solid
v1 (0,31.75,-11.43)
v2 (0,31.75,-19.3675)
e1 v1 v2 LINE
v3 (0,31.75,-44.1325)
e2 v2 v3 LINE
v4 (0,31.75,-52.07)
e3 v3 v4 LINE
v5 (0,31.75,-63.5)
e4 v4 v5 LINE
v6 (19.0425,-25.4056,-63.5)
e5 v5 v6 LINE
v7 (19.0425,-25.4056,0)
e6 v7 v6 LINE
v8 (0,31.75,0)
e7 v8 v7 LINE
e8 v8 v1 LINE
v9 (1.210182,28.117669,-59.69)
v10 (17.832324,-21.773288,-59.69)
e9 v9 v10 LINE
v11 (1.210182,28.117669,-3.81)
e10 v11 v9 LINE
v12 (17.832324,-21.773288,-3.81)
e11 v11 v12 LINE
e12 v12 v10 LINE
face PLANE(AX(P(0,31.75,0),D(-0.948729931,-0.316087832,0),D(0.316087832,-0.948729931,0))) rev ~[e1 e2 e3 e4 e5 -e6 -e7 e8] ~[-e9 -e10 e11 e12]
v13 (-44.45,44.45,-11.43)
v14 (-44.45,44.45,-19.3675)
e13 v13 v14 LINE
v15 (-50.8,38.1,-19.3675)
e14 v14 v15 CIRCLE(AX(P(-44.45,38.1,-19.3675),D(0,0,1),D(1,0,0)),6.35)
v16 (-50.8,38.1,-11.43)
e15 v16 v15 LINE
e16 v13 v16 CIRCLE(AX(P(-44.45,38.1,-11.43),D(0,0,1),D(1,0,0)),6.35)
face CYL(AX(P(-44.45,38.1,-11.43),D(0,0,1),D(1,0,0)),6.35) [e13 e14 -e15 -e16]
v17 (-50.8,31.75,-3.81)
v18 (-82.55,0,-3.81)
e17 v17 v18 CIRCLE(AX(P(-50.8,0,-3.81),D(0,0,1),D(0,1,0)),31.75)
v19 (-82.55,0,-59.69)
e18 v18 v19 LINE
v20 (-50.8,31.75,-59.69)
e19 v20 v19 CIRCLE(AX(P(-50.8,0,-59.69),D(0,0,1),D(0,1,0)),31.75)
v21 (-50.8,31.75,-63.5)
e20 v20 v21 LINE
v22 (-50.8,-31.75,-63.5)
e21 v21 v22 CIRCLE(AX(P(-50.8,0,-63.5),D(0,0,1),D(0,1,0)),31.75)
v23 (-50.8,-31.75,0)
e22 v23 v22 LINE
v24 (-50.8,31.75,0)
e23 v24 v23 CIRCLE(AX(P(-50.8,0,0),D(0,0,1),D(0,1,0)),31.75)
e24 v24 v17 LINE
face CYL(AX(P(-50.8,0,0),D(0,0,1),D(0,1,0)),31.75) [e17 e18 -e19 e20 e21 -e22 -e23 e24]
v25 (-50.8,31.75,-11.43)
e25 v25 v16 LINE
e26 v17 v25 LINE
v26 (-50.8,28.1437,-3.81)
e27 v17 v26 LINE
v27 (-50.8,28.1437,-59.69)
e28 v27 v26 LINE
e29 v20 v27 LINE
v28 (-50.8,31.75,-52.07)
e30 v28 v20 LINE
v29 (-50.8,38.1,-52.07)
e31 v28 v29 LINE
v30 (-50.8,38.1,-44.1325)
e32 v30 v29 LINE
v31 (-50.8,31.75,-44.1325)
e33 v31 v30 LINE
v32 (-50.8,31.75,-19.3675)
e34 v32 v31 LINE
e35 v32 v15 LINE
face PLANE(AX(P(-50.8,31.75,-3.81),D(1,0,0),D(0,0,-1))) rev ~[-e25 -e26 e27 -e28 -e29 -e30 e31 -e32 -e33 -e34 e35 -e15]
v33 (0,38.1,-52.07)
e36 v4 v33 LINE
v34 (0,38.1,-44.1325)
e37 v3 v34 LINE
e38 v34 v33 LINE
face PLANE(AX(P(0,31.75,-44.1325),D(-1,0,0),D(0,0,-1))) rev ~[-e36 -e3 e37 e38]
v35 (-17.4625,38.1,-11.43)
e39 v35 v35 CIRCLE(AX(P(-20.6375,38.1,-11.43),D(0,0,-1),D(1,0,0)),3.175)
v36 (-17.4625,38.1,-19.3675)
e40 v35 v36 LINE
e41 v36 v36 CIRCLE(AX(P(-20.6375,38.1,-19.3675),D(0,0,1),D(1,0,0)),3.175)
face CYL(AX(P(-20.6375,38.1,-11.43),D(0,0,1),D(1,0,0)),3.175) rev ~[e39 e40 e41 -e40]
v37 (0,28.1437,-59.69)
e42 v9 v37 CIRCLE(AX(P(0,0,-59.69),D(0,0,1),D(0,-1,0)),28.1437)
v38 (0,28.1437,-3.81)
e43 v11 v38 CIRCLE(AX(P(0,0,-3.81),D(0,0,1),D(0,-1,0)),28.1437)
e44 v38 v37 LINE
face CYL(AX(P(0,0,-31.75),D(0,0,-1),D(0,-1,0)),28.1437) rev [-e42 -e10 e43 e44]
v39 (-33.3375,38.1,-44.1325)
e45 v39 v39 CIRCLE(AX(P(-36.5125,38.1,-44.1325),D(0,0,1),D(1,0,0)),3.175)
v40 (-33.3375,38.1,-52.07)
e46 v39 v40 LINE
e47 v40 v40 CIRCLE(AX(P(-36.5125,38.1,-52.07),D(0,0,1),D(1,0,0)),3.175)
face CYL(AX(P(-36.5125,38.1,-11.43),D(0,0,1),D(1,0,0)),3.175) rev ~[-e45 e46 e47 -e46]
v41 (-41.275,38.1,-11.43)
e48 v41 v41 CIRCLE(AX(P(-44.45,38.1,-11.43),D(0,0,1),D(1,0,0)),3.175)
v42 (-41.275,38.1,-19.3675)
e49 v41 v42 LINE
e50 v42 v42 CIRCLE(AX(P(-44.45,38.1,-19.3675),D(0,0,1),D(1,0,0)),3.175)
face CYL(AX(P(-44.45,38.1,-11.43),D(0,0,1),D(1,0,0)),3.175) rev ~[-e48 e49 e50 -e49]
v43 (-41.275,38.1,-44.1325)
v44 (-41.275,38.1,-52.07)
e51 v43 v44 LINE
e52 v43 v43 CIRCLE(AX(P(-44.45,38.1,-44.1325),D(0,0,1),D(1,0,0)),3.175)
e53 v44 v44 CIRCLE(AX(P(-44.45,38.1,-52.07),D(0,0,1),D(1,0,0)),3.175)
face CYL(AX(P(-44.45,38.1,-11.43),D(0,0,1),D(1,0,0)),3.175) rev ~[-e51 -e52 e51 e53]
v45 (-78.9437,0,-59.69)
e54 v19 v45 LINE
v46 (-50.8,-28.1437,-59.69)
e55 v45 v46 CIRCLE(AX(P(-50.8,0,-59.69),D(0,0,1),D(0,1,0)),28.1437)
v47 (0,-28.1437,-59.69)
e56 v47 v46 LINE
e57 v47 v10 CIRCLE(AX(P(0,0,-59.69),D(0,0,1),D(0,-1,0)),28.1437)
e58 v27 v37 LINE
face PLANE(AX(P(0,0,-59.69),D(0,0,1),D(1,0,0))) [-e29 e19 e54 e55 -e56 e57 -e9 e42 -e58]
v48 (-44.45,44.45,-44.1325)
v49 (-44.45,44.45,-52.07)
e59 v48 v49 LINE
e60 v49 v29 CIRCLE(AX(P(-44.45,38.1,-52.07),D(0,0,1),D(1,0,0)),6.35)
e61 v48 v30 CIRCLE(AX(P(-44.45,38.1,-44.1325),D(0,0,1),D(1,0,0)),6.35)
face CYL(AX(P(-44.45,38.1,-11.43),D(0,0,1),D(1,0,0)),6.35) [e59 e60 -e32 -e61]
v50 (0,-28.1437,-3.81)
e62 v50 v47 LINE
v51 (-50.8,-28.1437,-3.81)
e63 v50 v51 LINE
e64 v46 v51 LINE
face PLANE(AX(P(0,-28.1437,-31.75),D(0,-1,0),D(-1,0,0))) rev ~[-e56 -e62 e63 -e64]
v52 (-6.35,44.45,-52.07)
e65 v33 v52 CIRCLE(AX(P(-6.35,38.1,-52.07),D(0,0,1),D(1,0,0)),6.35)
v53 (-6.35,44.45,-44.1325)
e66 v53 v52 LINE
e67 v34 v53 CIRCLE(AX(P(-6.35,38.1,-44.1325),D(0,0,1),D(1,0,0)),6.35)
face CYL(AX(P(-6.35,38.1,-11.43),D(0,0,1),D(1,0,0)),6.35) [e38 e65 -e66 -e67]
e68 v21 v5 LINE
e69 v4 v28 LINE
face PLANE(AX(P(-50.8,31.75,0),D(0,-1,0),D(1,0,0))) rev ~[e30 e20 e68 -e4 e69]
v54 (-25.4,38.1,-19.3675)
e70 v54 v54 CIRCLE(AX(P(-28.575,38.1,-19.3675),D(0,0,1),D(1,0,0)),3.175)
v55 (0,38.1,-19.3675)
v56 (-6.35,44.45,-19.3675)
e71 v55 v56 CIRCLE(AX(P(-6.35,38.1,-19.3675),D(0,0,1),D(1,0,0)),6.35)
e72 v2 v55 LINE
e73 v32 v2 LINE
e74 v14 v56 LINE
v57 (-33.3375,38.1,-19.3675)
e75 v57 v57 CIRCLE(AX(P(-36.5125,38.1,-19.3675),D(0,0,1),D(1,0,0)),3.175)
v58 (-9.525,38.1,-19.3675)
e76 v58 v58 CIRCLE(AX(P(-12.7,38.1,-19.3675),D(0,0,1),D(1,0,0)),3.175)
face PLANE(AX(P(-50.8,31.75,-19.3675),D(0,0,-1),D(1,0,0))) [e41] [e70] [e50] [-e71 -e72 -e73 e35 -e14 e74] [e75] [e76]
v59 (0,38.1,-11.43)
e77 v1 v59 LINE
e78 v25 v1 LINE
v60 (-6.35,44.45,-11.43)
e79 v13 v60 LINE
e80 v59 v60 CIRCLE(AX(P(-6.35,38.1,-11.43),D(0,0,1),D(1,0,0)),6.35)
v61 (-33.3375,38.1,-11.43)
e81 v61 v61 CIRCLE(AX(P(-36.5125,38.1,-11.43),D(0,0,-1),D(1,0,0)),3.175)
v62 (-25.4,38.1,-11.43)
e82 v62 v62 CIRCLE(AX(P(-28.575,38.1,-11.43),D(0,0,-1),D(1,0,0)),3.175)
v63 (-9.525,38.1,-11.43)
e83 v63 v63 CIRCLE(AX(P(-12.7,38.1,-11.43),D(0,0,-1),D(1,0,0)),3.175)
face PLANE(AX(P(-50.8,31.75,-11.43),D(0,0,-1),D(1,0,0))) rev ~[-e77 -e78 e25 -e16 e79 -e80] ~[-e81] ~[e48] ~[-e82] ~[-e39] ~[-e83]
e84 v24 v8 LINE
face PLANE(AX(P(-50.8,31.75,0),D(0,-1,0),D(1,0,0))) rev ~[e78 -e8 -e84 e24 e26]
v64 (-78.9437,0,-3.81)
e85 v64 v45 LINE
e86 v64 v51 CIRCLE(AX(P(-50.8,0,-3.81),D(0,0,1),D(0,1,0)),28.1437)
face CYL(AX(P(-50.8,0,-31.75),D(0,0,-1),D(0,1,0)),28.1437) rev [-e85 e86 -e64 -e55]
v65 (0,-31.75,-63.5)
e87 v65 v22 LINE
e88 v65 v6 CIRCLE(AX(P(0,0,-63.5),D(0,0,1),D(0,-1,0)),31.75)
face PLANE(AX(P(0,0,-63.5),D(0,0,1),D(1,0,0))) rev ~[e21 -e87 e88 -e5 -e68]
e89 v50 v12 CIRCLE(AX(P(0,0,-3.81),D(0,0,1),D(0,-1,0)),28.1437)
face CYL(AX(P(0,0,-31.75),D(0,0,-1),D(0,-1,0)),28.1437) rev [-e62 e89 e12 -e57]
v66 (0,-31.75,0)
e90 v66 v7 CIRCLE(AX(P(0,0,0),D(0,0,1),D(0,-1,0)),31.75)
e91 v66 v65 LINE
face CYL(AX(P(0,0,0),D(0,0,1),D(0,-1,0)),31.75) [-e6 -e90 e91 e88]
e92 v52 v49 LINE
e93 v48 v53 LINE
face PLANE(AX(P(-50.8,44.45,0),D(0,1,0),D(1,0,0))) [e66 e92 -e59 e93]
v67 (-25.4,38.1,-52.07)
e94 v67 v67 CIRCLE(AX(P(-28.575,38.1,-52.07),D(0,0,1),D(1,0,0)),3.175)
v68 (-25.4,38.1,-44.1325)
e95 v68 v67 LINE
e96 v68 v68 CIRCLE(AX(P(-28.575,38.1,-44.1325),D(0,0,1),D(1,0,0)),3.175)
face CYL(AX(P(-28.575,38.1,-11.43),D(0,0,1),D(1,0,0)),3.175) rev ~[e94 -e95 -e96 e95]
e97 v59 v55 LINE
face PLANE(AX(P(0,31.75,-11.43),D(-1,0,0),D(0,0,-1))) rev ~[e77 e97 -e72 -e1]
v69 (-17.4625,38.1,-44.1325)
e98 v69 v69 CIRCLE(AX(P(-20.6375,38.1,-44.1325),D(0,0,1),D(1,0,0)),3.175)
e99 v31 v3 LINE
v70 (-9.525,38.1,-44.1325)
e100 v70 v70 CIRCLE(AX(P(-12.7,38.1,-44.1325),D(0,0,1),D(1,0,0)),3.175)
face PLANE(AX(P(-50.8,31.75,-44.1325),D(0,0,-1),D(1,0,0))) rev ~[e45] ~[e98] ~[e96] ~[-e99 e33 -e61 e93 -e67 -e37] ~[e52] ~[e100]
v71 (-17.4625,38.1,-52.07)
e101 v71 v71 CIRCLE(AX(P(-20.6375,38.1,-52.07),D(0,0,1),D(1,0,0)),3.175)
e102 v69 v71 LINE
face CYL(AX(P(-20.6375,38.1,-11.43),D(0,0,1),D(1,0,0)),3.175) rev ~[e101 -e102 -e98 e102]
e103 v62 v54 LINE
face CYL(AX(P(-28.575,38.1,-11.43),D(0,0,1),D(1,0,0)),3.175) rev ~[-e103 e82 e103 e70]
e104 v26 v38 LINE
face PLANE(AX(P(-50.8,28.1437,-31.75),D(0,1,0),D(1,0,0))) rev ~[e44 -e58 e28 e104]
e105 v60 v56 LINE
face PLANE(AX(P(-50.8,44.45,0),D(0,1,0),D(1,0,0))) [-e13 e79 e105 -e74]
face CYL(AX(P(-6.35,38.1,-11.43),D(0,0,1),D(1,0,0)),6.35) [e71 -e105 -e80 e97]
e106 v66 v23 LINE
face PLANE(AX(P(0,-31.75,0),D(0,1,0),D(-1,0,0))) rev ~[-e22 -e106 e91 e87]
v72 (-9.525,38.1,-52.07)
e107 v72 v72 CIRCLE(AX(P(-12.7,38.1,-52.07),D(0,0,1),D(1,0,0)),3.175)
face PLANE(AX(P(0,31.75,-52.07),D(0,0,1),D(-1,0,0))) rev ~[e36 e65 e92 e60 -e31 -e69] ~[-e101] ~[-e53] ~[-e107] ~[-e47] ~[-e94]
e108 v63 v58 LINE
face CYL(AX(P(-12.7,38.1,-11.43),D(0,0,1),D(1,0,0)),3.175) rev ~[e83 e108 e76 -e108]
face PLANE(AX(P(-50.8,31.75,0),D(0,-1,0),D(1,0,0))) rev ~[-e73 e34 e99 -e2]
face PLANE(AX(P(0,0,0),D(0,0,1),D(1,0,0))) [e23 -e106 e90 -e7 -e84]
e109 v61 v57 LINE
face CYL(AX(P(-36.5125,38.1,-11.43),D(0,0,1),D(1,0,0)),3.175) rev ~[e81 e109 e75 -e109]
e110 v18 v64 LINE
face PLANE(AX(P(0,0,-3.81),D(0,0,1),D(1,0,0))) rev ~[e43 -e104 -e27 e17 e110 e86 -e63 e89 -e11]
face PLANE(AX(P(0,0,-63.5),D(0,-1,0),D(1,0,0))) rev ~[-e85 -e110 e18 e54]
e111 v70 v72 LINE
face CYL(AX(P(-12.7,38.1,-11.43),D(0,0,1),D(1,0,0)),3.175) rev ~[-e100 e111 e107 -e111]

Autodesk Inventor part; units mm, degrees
ref_plane "YZ Plane" through (0, 0, 0) normal (1, 0, 0) x (0, 1, 0)
sketch "Sketch1" plane through (0, 0, 0) normal (0, 0, 1) x (1, 0, 0)
  arc A0 (-50.8, 31.75) -> (-50.8, -31.75) centre (-50.8, 0) ccw
  line L0 (-50.8, 31.75) -> (0, 31.75)
  line L1 (0, -31.75) -> (-50.8, -31.75)
  arc A1 (0, -31.75) -> (0, 31.75) centre (0, 0) ccw
extrude "Extrusion1" add sketch "Sketch1" against normal blind 63.5
ref_plane "Work Plane1" through (0, 0, -31.75) normal (0, 0, 1) x (1, 0, 0)
sketch "Sketch2" plane through (0, 0, -31.75) normal (0, 0, 1) x (1, 0, 0)
  arc A0 (-50.8, 31.75) -> (-50.8, -31.75) centre (-50.8, 0) ccw projected
  line L0 (-50.8, 31.75) -> (0, 31.75) projected
  arc A1 (0, -31.75) -> (0, 31.75) centre (0, 0) ccw projected
  line L1 (0, -31.75) -> (-50.8, -31.75) projected
  arc A2 (-50.8, 28.1437) -> (-50.8, -28.1437) centre (-50.8, 0) ccw
  line L2 (-50.8, 28.1437) -> (0, 28.1437)
  arc A3 (0, -28.1437) -> (0, 28.1437) centre (0, 0) ccw
  line L3 (0, -28.1437) -> (-50.8, -28.1437)
extrude "Extrusion2" cut sketch "Sketch2" along normal mid plane 55.88 contours L2 A3 L3 A2
sketch "Sketch3" plane through (0, 0, 0) normal (0, 0, 1) x (1, 0, 0)
  circle A0 centre (0, 0) radius 31.75
  line L0 (0, 31.75) -> (19.0425, -25.4056)
  dimension "d7" = 63.5
extrude "Extrusion3" cut sketch "Sketch3" against normal blind 63.5 contours A0 L0 picked at (8.7025, 12.4328)
sketch "Sketch4" plane through (-50.8, 31.75, 0) normal (0, 1, 0) x (1, 0, 0)
  line L0 (50.8, 0) -> (0, 0) projected
  line L1 (50.8, 0) -> (50.8, 63.5) projected
  line L2 (0, 63.5) -> (50.8, 63.5) projected
  line L3 (0, 0) -> (0, 63.5) projected
  line L4 (0, 31.75) -> (50.8, 31.75)
  line L5 (0, 0) -> (0, 63.5) projected
  line L6 (50.8, 0) -> (50.8, 63.5) projected
  line L7 (0, 11.43) -> (50.8, 11.43)
  line L8 (50.8, 11.43) -> (50.8, 52.07)
  line L9 (50.8, 52.07) -> (0, 52.07)
  line L10 (0, 52.07) -> (0, 11.43)
  line L11 (0, 19.3675) -> (50.8, 19.3675)
  line L12 (0, 44.1325) -> (50.8, 44.1325)
  dimension "d10" = 31.75
  dimension "d11" = 20.32
  dimension "d12" = 40.64
  dimension "d13" = 7.9375
  dimension "d14" = 7.9375
extrude "Extrusion4" add sketch "Sketch4" along normal blind 12.7 contours L7 L3 L11 L1 | L12 L3 L9 L1
sketch "Sketch5" plane through (-50.8, 31.75, -11.43) normal (0, 0, 1) x (1, 0, 0)
  line L0 (50.8, 0) -> (0, 0) projected
  line L1 (50.8, 0) -> (50.8, 12.7) projected
  line L2 (0, 12.7) -> (50.8, 12.7) projected
  line L3 (0, 0) -> (0, 12.7) projected
  circle A0 centre (6.35, 6.35) radius 6.35
  circle A1 centre (44.45, 6.35) radius 6.35
  line L4 (6.35, 12.7) -> (44.45, 12.7)
  line L5 (44.45, 0) -> (6.35, 0)
  line L6 (6.35, 6.35) -> (0, 6.35)
  line L7 (44.45, 6.35) -> (50.8, 6.35)
  point P0 (50.8, -31.75)
extrude "Extrusion5" cut sketch "Sketch5" against normal blind 63.5 contours A1 L2 L1 | L3 L2 A0
sketch "Sketch6" plane through (-50.8, 31.75, -11.43) normal (0, 0, 1) x (1, 0, 0)
  arc A0 (6.35, 12.7) -> (0, 6.35) centre (6.35, 6.35) ccw projected
  line L0 (0, 0) -> (0, 6.35) projected
  line L1 (50.8, 0) -> (0, 0) projected
  line L2 (50.8, 0) -> (50.8, 6.35) projected
  arc A1 (50.8, 6.35) -> (44.45, 12.7) centre (44.45, 6.35) ccw projected
  line L3 (6.35, 12.7) -> (44.45, 12.7) projected
  circle A2 centre (6.35, 6.35) radius 3.175
  line L4 (6.35, 6.35) -> (44.45, 6.35)
  circle A3 centre (14.2875, 6.35) radius 3.175
  circle A4 centre (22.225, 6.35) radius 3.175
  circle A5 centre (30.1625, 6.35) radius 3.175
  circle A6 centre (38.1, 6.35) radius 3.175
  point P0 (50.8, -31.75)
  dimension "d22" = 7.9375
  dimension "d31" = 6.35
extrude "Extrusion6" cut sketch "Sketch6" against normal blind 63.5 contours A2 | A6 L4 | L4 A6 | A5 L4 | L4 A5 | A4 L4 | L4 A4 | A3 L4 | L4 A3
ref_plane "Work Plane2" through (0, 31.75, -63.5) normal (0, -1, 0) x (1, 0, 0)
sketch "Sketch8" plane through (0, 31.75, -63.5) normal (0, -1, 0) x (1, 0, 0)
  line L0 (-50.8, 63.5) -> (-50.8, 63.5) projected
  line L1 (-50.8, 63.5) -> (-50.8, 52.07) projected
  line L2 (-50.8, 52.07) -> (-50.8, 44.1325) projected
  line L3 (-50.8, 44.1325) -> (-50.8, 19.3675) projected
  line L4 (-50.8, 19.3675) -> (-50.8, 11.43) projected
  line L5 (-50.8, 11.43) -> (-50.8, 0) projected
  line L6 (-50.8, 0) -> (-50.8, 0) projected
  line L7 (-50.8, 63.5) -> (-50.8, 0) projected
  line L8 (-50.8, 63.5) -> (-82.55, 63.5) projected
  line L9 (-82.55, 63.5) -> (-82.55, 0) projected
  line L10 (-82.55, 0) -> (-50.8, 0) projected
  line L11 (-50.8, 59.69) -> (-78.9437, 59.69) projected
  line L12 (-54.4877, 59.69) -> (-50.8, 59.69)
  line L13 (-78.9437, 3.81) -> (-78.9437, 59.69) projected
  line L14 (-50.8, 59.69) -> (-82.55, 59.69)
  line L15 (-78.9437, 59.69) -> (-78.9437, 3.81)
  line L16 (-82.55, 3.81) -> (-50.8, 3.81)
  line L17 (-50.8, 3.81) -> (-50.8, 59.69)
  line L18 (-82.55, 59.69) -> (-82.55, 3.81)
  line L19 (-50.8, 63.5) -> (-82.55, 63.5)
  line L20 (-82.55, 63.5) -> (-82.55, 59.69)
  line L21 (-82.55, 59.69) -> (-50.8, 59.69)
  line L22 (-50.8, 59.69) -> (-50.8, 63.5)
  line L23 (-78.9437, 59.69) -> (-50.8, 59.69)
  line L24 (-50.8, 59.69) -> (-50.8, 3.81)
  line L25 (-50.8, 3.81) -> (-78.9437, 3.81)
  line L26 (-78.9437, 3.81) -> (-78.9437, 59.69)
  line L27 (-82.55, 3.81) -> (-50.8, 3.81)
  line L28 (-50.8, 3.81) -> (-50.8, 0)
  line L29 (-50.8, 0) -> (-82.55, 0)
  line L30 (-82.55, 0) -> (-82.55, 3.81)
  point P0 (0, 63.5)
extrude "Extrusion7" cut sketch "Sketch8" along normal blind 31.75 contours L1 L2 L3 L4 L5 L16 L13 L11 | L14 L13 L16 L9
properties part number "Scoop_001"
